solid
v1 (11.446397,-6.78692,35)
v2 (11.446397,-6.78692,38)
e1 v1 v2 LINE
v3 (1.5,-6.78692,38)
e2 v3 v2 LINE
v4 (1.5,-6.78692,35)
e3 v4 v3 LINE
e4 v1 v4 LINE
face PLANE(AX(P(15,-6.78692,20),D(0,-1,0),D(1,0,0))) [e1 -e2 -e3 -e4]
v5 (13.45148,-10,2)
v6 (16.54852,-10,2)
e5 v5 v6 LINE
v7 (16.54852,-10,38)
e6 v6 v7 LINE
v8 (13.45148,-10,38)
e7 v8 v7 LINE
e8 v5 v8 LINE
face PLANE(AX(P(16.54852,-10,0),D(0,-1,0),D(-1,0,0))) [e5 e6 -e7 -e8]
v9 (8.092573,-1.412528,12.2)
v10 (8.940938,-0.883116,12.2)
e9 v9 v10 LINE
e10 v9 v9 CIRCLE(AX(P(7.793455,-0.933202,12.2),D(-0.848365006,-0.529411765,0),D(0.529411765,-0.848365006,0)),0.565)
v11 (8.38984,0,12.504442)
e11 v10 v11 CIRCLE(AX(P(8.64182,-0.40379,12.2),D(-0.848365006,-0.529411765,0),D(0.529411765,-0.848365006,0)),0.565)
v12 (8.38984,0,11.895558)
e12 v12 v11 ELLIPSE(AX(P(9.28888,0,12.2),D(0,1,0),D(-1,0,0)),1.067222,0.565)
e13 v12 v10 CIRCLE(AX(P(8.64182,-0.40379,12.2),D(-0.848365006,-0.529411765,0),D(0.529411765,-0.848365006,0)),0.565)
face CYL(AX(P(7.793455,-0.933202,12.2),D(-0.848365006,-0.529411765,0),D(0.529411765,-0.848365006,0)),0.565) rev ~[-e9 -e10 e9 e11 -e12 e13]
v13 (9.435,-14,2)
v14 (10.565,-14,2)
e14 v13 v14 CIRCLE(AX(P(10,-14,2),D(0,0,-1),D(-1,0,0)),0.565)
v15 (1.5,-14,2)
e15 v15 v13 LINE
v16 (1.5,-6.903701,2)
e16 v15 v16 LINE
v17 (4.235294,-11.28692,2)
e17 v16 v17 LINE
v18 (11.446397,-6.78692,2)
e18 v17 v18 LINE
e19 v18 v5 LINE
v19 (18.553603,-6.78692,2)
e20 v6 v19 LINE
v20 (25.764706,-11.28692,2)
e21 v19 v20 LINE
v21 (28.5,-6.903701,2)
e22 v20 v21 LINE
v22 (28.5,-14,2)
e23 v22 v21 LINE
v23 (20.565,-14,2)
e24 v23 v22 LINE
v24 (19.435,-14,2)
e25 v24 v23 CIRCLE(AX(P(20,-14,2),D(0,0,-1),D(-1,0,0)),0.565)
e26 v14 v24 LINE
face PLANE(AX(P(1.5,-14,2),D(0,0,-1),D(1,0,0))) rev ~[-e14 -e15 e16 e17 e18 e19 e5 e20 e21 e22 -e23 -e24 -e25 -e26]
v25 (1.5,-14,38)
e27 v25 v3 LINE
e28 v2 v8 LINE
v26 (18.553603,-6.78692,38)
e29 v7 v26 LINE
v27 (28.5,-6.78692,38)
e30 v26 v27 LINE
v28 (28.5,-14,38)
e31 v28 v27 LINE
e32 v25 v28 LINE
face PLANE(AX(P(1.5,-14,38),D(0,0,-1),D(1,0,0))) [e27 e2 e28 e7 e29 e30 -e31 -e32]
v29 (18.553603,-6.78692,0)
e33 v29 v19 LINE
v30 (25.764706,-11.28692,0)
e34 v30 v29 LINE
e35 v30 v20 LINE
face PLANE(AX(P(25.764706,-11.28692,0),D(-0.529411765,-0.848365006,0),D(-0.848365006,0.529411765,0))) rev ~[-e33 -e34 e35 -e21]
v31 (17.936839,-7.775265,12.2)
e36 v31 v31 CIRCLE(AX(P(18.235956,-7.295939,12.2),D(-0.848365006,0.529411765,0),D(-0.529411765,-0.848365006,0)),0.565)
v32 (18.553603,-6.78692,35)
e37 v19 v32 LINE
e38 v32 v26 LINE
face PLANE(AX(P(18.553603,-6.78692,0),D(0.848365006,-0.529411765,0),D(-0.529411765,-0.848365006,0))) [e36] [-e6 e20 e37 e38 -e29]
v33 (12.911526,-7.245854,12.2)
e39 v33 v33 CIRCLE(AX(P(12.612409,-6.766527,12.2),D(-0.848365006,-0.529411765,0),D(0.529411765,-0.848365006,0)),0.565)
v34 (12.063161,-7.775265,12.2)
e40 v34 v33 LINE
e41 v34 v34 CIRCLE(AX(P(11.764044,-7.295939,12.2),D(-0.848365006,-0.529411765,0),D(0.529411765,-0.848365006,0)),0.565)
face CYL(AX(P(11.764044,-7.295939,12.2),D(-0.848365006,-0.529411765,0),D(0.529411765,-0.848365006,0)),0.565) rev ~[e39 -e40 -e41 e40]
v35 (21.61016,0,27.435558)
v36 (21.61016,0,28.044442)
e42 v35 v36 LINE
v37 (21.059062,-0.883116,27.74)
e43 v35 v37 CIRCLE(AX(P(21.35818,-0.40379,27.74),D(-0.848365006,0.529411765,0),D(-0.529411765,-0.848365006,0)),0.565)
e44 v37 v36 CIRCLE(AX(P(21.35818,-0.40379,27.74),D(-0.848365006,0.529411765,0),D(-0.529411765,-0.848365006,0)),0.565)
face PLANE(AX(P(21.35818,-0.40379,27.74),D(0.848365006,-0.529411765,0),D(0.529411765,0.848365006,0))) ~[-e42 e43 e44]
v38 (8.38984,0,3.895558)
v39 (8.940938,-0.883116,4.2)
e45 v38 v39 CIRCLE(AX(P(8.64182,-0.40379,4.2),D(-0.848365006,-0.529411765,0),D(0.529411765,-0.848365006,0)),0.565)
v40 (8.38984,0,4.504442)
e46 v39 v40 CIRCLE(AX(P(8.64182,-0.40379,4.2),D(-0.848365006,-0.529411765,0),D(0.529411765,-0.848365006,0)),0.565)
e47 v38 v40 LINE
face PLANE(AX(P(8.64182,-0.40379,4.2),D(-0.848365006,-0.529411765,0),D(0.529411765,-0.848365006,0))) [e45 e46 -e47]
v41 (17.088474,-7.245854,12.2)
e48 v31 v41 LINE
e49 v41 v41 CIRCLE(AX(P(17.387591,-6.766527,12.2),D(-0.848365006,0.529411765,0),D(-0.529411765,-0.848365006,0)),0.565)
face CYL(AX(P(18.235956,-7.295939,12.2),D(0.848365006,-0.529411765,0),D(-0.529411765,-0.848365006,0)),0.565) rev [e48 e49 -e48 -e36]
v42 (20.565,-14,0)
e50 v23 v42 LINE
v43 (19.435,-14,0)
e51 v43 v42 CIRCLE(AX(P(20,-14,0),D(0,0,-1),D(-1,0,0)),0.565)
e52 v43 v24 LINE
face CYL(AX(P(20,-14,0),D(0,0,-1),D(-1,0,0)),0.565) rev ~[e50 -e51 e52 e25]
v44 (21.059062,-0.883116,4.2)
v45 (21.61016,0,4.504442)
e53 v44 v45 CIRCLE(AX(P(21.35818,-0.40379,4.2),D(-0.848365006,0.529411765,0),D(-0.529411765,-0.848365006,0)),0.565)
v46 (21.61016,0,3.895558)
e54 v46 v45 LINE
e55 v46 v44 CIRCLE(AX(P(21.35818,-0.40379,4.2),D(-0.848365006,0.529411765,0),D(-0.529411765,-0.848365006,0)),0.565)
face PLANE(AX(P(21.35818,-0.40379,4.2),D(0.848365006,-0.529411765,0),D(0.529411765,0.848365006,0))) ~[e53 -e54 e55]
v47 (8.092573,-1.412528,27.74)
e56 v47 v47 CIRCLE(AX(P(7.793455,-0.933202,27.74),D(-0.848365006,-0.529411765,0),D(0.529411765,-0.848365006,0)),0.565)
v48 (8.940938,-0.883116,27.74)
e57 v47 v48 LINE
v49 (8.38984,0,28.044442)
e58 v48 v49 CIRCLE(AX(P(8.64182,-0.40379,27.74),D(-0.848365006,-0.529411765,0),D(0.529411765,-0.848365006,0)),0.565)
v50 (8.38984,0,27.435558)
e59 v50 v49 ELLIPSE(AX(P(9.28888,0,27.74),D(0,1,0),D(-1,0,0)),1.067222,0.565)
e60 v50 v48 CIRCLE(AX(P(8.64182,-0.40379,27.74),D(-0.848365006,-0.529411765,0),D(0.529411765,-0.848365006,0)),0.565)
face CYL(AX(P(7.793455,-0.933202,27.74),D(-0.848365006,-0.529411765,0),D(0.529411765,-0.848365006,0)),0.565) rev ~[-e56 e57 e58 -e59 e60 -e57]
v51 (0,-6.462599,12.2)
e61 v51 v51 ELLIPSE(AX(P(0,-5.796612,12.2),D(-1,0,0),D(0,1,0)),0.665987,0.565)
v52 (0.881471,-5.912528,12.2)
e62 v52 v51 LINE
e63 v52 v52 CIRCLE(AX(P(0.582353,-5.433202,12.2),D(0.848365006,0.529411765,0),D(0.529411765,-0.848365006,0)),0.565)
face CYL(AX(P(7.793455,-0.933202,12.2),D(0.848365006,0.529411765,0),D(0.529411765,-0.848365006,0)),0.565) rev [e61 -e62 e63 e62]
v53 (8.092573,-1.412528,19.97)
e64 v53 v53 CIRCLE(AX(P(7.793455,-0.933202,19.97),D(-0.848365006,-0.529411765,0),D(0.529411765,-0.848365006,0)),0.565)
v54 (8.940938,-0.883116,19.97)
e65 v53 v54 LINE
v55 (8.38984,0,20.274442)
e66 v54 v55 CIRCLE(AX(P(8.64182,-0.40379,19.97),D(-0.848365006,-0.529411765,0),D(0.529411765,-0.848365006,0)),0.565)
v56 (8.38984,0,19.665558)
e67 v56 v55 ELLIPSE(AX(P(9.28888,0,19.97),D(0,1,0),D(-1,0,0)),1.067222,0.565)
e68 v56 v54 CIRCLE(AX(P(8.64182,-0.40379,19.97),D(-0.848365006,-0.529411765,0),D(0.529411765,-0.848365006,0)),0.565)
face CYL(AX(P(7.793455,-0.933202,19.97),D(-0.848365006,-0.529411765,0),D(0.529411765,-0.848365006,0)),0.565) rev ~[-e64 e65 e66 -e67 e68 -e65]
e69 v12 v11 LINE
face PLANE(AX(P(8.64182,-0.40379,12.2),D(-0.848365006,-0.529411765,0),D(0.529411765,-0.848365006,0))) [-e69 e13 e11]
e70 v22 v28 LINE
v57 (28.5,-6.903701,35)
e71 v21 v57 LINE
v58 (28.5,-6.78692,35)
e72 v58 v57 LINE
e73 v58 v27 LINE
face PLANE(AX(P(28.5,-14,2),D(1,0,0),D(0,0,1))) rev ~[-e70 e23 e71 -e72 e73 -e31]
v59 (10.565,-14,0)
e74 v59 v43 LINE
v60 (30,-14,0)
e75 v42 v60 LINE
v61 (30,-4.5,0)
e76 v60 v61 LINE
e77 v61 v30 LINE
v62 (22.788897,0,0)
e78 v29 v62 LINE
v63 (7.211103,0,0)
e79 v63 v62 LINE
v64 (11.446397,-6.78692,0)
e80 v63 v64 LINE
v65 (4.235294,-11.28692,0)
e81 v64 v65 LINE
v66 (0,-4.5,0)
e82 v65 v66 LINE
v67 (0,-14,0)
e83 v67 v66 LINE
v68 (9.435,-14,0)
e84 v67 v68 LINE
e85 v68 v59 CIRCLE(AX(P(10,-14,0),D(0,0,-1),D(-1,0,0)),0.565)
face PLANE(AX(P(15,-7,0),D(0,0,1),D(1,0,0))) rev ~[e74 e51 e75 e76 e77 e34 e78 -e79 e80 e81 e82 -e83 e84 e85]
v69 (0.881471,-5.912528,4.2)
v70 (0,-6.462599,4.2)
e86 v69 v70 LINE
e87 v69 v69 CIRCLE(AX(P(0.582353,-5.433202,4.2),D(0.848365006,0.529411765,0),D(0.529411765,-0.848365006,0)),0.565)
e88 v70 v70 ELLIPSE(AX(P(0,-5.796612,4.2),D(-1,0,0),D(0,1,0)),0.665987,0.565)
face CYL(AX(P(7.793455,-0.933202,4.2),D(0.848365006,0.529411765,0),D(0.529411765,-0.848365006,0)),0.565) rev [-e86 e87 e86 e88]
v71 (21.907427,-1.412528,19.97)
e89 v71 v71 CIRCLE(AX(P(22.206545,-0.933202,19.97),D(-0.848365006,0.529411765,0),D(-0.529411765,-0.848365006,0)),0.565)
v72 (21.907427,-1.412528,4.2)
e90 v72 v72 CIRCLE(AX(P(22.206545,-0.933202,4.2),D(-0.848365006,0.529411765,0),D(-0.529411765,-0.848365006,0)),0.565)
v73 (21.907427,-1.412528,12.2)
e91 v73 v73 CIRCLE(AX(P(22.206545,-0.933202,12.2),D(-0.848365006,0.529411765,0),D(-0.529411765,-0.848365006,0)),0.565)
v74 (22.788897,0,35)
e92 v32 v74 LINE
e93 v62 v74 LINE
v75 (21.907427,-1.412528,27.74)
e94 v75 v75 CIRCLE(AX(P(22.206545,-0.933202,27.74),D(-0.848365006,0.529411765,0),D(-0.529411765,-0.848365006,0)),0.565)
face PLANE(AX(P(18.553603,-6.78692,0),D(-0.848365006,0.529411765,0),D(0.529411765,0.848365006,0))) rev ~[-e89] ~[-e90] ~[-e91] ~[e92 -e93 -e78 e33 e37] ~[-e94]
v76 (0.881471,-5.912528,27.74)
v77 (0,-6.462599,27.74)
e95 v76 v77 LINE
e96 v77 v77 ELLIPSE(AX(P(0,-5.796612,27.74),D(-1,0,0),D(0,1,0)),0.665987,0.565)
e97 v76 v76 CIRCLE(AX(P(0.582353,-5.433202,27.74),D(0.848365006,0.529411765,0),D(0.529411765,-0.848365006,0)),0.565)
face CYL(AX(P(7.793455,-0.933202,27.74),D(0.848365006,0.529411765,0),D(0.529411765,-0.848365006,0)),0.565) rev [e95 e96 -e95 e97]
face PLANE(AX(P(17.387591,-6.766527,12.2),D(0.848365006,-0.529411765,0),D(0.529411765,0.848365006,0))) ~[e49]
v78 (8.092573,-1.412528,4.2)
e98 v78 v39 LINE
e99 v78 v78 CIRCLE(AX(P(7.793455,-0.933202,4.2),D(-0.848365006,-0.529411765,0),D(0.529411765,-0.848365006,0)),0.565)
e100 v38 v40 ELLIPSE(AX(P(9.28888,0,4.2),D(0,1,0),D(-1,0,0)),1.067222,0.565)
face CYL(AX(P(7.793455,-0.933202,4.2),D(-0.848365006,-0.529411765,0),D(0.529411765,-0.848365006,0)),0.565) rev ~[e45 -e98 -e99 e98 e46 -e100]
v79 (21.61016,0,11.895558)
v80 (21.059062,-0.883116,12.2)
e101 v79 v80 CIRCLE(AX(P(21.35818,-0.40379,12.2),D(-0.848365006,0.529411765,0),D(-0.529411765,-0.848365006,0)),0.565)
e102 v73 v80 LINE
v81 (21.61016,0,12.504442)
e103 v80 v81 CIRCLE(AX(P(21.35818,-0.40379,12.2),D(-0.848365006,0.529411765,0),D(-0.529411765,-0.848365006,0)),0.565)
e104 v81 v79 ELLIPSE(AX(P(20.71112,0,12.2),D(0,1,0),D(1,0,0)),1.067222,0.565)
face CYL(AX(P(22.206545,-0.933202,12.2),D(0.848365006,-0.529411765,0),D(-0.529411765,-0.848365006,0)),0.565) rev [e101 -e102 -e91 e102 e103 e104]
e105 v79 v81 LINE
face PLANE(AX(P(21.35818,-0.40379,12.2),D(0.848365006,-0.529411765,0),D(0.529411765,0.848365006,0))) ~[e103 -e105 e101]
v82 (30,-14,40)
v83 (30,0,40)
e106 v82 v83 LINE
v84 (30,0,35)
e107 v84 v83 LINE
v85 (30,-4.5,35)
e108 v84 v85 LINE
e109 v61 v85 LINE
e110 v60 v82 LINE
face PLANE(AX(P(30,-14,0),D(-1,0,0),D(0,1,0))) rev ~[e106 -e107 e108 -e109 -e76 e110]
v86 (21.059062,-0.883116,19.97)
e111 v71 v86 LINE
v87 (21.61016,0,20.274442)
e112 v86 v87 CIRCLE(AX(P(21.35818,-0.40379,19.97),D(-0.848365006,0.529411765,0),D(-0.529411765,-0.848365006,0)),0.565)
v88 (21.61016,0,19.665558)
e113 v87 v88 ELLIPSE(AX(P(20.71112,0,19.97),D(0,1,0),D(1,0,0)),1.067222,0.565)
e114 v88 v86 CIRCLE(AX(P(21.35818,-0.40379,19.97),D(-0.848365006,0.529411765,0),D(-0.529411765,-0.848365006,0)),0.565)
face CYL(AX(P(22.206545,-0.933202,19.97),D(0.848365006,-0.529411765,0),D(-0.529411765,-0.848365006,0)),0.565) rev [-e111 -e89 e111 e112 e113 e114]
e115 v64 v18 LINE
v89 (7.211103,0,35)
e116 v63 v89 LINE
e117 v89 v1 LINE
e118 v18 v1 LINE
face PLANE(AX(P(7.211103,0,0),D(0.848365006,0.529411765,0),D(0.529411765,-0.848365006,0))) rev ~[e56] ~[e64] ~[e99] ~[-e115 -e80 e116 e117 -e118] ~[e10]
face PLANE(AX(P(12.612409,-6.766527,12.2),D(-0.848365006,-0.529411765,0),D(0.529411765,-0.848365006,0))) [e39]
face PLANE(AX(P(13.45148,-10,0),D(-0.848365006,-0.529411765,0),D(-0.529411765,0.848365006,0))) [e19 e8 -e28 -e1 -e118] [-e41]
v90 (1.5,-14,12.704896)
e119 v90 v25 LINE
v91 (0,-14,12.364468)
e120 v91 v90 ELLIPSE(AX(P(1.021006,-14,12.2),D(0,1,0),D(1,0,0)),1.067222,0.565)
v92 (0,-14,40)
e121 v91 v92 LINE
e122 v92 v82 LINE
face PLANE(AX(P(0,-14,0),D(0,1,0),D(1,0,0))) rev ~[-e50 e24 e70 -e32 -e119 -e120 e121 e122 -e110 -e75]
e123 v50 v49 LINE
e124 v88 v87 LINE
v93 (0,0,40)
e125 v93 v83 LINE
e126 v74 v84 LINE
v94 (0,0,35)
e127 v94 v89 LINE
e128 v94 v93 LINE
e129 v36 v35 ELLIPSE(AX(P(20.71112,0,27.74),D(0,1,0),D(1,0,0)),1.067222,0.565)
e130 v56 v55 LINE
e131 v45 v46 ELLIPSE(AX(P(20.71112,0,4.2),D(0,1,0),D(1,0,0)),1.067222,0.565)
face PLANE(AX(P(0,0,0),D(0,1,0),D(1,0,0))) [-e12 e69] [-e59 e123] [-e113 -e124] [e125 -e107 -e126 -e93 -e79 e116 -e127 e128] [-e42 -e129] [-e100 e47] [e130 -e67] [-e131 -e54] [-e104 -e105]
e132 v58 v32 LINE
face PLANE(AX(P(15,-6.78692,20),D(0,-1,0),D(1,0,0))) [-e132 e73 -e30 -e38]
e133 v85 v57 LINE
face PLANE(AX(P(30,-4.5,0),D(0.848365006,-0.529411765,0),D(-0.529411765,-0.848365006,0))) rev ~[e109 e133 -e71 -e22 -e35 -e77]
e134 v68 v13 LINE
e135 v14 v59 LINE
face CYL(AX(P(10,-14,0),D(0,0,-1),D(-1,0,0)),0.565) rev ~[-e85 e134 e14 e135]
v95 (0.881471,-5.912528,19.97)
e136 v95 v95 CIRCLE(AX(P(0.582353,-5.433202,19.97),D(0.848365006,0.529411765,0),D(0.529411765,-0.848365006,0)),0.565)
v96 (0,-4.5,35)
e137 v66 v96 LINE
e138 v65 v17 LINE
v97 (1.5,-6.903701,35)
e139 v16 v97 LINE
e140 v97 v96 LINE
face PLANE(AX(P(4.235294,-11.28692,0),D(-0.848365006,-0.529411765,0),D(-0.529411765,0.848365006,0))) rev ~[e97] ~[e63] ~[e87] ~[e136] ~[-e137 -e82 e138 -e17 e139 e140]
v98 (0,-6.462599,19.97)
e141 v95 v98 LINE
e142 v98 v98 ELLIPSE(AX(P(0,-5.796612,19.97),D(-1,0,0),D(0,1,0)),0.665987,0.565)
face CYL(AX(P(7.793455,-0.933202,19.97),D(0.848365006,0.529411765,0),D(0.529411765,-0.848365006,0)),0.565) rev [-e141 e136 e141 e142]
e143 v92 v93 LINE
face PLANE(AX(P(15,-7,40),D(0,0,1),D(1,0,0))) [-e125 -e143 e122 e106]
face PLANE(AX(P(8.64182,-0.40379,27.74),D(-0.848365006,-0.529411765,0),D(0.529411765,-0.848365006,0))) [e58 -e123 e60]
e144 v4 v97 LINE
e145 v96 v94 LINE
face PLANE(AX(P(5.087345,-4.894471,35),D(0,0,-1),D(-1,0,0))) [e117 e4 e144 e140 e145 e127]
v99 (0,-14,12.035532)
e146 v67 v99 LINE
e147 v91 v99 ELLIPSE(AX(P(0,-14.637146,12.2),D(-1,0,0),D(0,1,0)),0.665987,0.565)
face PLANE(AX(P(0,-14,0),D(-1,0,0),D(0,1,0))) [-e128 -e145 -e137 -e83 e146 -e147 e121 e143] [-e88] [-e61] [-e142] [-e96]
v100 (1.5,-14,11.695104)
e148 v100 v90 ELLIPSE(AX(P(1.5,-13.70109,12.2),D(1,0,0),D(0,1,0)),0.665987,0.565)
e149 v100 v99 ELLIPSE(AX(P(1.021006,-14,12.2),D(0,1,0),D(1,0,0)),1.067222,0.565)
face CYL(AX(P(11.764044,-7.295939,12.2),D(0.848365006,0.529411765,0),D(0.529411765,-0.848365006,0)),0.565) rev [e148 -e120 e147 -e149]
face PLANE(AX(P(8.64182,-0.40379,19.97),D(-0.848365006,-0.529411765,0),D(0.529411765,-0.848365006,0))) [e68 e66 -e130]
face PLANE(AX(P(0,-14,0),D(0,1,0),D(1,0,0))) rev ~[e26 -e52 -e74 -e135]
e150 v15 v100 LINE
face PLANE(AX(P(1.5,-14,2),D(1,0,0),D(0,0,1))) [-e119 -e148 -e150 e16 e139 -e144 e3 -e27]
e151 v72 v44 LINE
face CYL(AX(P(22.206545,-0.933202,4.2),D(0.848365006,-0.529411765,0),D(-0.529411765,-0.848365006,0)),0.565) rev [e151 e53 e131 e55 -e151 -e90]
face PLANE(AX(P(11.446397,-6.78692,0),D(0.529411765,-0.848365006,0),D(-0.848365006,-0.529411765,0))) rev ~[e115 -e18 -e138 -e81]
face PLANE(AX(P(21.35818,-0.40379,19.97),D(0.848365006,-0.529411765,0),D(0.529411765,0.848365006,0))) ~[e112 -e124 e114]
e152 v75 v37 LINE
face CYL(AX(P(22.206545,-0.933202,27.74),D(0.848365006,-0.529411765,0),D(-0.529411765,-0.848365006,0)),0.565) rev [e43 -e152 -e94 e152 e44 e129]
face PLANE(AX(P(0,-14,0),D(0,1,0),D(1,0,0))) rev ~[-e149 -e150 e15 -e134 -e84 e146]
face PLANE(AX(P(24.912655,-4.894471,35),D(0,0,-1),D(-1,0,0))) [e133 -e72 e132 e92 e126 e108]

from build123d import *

# Parameters (mm, degrees)
SKETCH_1_W          = 30
SKETCH_1_H          = 14
EXTRUDE_1_DEPTH     = 40
CUT_EXTRUDE_1_DEPTH = 35
SKETCH_4_W          = 27
SKETCH_4_H          = 36
CUT_EXTRUDE_2_DEPTH = 7.21308
SKETCH_5_R          = 0.565
CUT_EXTRUDE_3_DEPTH = 10
EXTRUDE_2_REACH     = 53.923
SKETCH_6_R          = 0.565
CUT_EXTRUDE_4_DEPTH = 1
SKETCH_8_R          = 0.565
CUT_EXTRUDE_5_DEPTH = 51.1269475


with BuildPart() as part:
    # 草图1 → 凸台-拉伸1 (new body)
    with BuildSketch(Plane.XY):
        with Locations((15, -7)):
            Rectangle(SKETCH_1_W, SKETCH_1_H)
    extrude(amount=EXTRUDE_1_DEPTH)

    # 草图3 → 切除-拉伸1 (cut)
    with BuildSketch(Plane(origin=(0, 0, 0), x_dir=(-1, 0, 0), z_dir=(0, 0, -1))):
        Polygon((-30, -4.5), (-25.764705882, -11.286920048), (-18.553603331, -6.786920048), (-22.788897449, 0), (-30, 0), align=None)
        Polygon((-7.211102551, 0), (-11.446396669, -6.786920048), (-4.235294118, -11.286920048), (0, -4.5), (0, 0), align=None)
    extrude(amount=-CUT_EXTRUDE_1_DEPTH, mode=Mode.SUBTRACT)

    # 草图4 → 切除-拉伸2 (cut)
    with BuildSketch(Plane.XZ.offset(14)):
        with Locations((15, 20)):
            Rectangle(SKETCH_4_W, SKETCH_4_H)
    extrude(amount=-CUT_EXTRUDE_2_DEPTH, mode=Mode.SUBTRACT)

    # 草图5 → 切除-拉伸3 (cut)
    with BuildSketch(Plane(origin=(0, 0, 0), x_dir=(-1, 0, 0), z_dir=(0, 0, -1))):
        with Locations((-10, -14)):
            Circle(SKETCH_5_R)
        with Locations((-20, -14)):
            Circle(SKETCH_5_R)
    extrude(amount=-CUT_EXTRUDE_3_DEPTH, mode=Mode.SUBTRACT)

    # 草图7 → 凸台-拉伸2 (add, up to next)
    with BuildSketch(Plane(origin=(0, 0, 0), x_dir=(-1, 0, 0), z_dir=(0, 0, -1)), mode=Mode.PRIVATE) as extrude_2_sk1:
        Polygon((-22.788897449, 0), (-18.553603331, -6.786920048), (-16.548520242, -10), (-13.451479758, -10), (-11.446396669, -6.786920048), (-7.211102551, 0), align=None)
    extrude_2_tool1 = extrude(extrude_2_sk1.sketch, amount=-EXTRUDE_2_REACH, mode=Mode.PRIVATE) - part.part
    add(extrude_2_tool1.solids().sort_by_distance((15, -3.886134, 0))[0])

    # 草图6 → 切除-拉伸4 (cut)
    with BuildSketch(Plane(origin=(5.189997684, 3.238754325, 0), x_dir=(0, 0, 1), z_dir=(-0.8483650059915271, -0.5294117647058821, 0))):
        with Locations(Location((12.2, -12.417642527, 0), (0, 0, 270))):
            Circle(SKETCH_6_R)
        with Locations(Location((12.2, -4.917642527, 0), (0, 0, 270))):
            Circle(SKETCH_6_R)
        with Locations(Location((4.2, -4.917642527, 0), (0, 0, 270))):
            Circle(SKETCH_6_R)
        with Locations(Location((19.97, -4.917642527, 0), (0, 0, 270))):
            Circle(SKETCH_6_R)
        with Locations(Location((27.74, -4.917642527, 0), (0, 0, 270))):
            Circle(SKETCH_6_R)
    cut_extrude_4 = extrude(amount=-CUT_EXTRUDE_4_DEPTH, mode=Mode.SUBTRACT)

    # 镜向1: 切除-拉伸4 across plane
    add(cut_extrude_4.mirror(Plane(origin=(15, 0, 0), x_dir=(0, 0, 1), z_dir=(1, 0, 0))), mode=Mode.SUBTRACT)

    # 草图8 → 切除-拉伸5 (cut, through all)
    with BuildSketch(Plane(origin=(5.189997684, 3.238754325, 0), x_dir=(0, 0, 1), z_dir=(-0.8483650059915271, -0.5294117647058821, 0))):
        with Locations(Location((12.2, -12.417642527, 0), (0, 0, 270))):
            Circle(SKETCH_8_R)
        with Locations(Location((4.2, -4.917642527, 0), (0, 0, 270))):
            Circle(SKETCH_8_R)
        with Locations(Location((27.74, -4.917642527, 0), (0, 0, 270))):
            Circle(SKETCH_8_R)
        with Locations(Location((19.97, -4.917642527, 0), (0, 0, 270))):
            Circle(SKETCH_8_R)
        with Locations(Location((12.2, -4.917642527, 0), (0, 0, 270))):
            Circle(SKETCH_8_R)
    extrude(amount=CUT_EXTRUDE_5_DEPTH, mode=Mode.SUBTRACT)


solid = part.part
